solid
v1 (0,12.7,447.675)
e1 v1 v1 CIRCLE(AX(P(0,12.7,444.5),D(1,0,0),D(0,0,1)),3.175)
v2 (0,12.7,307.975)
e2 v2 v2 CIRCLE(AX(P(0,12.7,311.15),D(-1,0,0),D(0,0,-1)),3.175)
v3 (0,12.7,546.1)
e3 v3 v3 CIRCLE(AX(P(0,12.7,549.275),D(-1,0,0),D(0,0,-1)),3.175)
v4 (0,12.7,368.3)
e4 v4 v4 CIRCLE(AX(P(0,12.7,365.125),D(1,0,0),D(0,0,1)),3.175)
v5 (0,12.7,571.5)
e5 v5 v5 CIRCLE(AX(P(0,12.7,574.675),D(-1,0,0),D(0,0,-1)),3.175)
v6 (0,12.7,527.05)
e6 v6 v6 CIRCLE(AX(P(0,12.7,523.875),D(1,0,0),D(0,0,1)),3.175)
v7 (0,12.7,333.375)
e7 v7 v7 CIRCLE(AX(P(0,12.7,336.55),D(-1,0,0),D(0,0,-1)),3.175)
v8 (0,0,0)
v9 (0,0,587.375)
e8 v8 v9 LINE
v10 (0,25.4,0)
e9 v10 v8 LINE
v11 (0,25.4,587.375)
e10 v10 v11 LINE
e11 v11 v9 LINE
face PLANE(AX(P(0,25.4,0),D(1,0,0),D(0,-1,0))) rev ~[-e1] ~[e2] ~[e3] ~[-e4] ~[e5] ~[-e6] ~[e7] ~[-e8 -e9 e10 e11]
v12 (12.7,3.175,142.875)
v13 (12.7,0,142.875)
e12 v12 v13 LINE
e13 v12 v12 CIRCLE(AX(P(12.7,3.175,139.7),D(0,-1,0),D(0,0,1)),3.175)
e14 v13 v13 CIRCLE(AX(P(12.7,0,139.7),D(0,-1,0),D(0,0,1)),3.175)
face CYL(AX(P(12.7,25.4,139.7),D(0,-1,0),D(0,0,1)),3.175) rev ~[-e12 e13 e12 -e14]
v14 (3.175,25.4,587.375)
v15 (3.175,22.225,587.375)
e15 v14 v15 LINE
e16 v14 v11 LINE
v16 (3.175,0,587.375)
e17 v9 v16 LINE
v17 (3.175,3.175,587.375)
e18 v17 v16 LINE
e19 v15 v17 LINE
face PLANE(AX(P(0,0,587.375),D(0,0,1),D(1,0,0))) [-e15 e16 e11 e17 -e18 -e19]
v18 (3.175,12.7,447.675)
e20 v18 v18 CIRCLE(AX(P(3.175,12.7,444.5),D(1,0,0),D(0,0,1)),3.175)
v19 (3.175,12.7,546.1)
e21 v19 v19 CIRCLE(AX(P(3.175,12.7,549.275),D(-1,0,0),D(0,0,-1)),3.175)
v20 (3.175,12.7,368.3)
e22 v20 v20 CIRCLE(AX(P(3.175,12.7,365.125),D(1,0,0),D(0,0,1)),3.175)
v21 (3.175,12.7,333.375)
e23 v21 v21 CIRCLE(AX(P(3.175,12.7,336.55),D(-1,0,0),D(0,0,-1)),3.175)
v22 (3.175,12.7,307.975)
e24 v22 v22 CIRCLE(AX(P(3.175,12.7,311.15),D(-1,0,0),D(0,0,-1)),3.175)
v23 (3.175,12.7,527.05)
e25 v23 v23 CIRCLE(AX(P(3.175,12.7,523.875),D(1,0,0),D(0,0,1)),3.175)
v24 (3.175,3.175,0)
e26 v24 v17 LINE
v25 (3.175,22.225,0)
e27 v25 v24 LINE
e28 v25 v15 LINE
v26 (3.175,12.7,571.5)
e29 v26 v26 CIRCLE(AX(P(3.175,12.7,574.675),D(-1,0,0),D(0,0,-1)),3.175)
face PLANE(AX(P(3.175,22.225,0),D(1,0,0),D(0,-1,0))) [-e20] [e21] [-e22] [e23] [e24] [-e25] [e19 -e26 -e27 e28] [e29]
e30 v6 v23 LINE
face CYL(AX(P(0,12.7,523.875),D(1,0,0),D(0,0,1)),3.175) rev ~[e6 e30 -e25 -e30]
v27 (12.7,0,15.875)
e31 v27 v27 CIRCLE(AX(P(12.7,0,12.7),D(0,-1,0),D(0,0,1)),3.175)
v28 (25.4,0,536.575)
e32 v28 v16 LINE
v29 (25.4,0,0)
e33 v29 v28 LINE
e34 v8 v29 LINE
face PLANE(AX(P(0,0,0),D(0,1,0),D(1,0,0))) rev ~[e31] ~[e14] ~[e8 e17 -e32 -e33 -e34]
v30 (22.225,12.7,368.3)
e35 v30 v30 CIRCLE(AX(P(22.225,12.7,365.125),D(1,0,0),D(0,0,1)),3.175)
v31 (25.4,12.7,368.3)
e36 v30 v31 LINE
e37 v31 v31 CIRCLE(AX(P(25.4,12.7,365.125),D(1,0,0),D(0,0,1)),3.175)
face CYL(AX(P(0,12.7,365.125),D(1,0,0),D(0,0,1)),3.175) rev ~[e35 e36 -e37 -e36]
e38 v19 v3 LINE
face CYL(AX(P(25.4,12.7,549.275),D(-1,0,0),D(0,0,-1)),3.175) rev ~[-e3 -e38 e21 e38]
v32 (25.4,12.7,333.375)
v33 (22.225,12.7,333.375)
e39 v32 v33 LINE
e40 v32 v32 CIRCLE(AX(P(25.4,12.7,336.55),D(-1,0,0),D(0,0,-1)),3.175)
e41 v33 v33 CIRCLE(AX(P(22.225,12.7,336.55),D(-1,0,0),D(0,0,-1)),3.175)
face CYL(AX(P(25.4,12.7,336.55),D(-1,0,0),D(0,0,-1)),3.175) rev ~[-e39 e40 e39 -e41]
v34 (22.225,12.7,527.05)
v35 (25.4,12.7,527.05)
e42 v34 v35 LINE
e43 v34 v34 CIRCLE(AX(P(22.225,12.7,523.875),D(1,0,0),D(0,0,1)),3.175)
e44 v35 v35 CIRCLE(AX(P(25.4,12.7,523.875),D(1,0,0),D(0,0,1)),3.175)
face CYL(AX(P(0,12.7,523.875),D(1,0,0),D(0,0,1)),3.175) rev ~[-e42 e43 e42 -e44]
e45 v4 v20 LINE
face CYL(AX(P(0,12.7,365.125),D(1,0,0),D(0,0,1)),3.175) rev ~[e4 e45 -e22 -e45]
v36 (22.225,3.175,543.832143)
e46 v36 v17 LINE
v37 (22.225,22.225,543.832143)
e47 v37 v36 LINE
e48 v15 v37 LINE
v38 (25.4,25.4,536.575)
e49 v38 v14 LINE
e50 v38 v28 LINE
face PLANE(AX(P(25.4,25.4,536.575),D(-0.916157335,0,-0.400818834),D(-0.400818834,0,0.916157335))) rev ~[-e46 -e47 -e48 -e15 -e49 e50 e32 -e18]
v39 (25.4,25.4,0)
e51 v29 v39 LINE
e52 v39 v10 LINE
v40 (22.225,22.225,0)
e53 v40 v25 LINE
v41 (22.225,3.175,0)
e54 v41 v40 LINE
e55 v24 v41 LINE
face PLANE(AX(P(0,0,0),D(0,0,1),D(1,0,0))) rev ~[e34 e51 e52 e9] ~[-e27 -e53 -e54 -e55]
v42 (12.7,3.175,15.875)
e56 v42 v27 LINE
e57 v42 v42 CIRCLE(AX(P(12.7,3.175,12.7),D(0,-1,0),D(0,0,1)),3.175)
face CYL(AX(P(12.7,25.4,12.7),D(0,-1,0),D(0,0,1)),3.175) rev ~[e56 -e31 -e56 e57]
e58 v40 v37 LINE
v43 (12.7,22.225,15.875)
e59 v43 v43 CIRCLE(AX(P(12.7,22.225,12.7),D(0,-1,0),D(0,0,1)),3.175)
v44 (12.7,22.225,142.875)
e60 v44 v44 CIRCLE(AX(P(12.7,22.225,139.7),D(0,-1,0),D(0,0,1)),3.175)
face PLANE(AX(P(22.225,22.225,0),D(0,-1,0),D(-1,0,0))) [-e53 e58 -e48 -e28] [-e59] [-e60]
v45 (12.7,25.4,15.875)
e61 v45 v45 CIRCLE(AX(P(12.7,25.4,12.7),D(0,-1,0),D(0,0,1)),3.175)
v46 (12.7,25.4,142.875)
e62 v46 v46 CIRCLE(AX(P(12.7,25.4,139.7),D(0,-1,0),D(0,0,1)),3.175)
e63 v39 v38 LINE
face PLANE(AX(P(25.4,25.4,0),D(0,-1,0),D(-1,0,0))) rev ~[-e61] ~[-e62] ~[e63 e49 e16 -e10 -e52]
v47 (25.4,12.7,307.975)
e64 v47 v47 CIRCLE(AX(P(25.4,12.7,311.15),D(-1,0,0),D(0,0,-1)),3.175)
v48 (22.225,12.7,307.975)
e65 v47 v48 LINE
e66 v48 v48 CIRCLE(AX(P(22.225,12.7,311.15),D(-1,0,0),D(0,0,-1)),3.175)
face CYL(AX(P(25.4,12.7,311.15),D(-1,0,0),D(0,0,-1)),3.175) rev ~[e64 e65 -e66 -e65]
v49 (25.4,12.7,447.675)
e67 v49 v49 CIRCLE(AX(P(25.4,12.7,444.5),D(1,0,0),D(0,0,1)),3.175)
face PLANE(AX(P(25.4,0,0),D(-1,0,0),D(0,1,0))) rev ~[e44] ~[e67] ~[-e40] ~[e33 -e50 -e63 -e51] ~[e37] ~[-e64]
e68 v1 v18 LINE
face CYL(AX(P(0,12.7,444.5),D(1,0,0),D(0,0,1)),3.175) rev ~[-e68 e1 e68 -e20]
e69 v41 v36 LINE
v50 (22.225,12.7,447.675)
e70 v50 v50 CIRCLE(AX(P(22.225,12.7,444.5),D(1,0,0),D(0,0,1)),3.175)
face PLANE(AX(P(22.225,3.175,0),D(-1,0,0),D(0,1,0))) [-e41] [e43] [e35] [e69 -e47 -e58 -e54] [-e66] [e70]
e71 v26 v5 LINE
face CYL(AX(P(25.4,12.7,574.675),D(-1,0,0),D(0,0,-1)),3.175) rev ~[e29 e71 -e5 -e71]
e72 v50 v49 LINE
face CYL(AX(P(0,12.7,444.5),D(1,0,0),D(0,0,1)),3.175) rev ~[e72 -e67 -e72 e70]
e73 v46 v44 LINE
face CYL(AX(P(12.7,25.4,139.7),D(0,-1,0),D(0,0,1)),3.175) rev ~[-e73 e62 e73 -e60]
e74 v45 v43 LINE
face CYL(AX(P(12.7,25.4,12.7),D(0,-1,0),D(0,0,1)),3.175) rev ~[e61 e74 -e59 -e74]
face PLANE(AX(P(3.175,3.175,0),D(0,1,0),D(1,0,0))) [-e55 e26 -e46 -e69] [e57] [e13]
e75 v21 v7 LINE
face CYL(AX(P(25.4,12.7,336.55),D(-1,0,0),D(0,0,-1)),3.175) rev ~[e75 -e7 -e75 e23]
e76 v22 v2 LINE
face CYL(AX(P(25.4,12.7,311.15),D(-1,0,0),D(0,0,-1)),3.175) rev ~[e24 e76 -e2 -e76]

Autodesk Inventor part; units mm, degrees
ref_plane "YZ Plane" through (0, 0, 0) normal (1, 0, 0) x (0, 1, 0)
ref_plane "XZ Plane" through (0, 0, 0) normal (0, 1, 0) x (-1, 0, 0)
ref_plane "XY Plane" through (0, 0, 0) normal (0, 0, 1) x (1, 0, 0)
sketch "Sketch1" plane through (0, 0, 0) normal (0, 0, 1) x (1, 0, 0)
  line L0 (0, 0) -> (25.4, 0)
  line L1 (25.4, 0) -> (25.4, 25.4)
  line L2 (25.4, 25.4) -> (0, 25.4)
  line L3 (0, 25.4) -> (0, 0)
  line L4 (3.175, 3.175) -> (22.225, 3.175)
  line L5 (22.225, 3.175) -> (22.225, 22.225)
  line L6 (22.225, 22.225) -> (3.175, 22.225)
  line L7 (3.175, 22.225) -> (3.175, 3.175)
  dimension "d0" = 25.4
  dimension "d1" = 25.4
  dimension "d2" = 19.05
  dimension "d3" = 19.05
  dimension "d4" = 3.175
  dimension "d5" = 3.175
extrude "Extrusion1" add sketch "Sketch1" along normal blind 587.375
sketch "Sketch2" plane through (0, 25.4, 0) normal (0, 1, 0) x (1, 0, 0)
  line L0 (25.4, 0) -> (0, 0) projected
  line L1 (0, 0) -> (0, -587.375) projected
  point P0 (12.7, -12.7)
  point P1 (12.7, -139.7)
  dimension "d8" = 12.7
  dimension "d9" = 12.7
  dimension "d10" = 12.7
  dimension "d11" = 139.7
hole "Hole1" at (12.7, 25.4, 12.7) at (12.7, 25.4, 139.7) direction (0, -1, 0) diameter 6.35 end through all
sketch "Sketch3" plane through (25.4, 0, 0) normal (1, 0, 0) x (0, 0, -1)
  line L0 (-587.375, 0) -> (-587.375, 25.4) projected
  line L1 (0, 0) -> (-587.375, 0) projected
  point P0 (-574.675, 12.7)
  point P1 (-549.275, 12.7)
  point P2 (-336.55, 12.7)
  point P3 (-311.15, 12.7)
  dimension "d19" = 12.7
  dimension "d20" = 12.7
  dimension "d21" = 12.7
  dimension "d22" = 25.4
  dimension "d23" = 212.725
  dimension "d24" = 25.4
  dimension "d25" = 12.7
  dimension "d26" = 12.7
hole "Hole2" at (25.4, 12.7, 574.675) at (25.4, 12.7, 549.275) at (25.4, 12.7, 336.55) at (25.4, 12.7, 311.15) direction (-1, 0, 0) diameter 6.35 end through all
sketch "Sketch6" plane through (0, 25.4, 0) normal (0, 1, 0) x (1, 0, 0)
  circle A0 centre (12.7, -12.7) radius 3.175 projected
  circle A1 centre (12.7, -139.7) radius 3.175 projected
  line L0 (25.4, 0) -> (0, 0) projected
  line L1 (0, 0) -> (0, -587.375) projected
  line L2 (25.4, -587.375) -> (0, -587.375) projected
  line L3 (25.4, 0) -> (25.4, -587.375) projected
  line L4 (25.4, -587.375) -> (3.175, -587.375)
  line L5 (0, -587.375) -> (25.4, -587.375) projected
  line L6 (25.4, -587.375) -> (25.4, -536.575)
  line L7 (25.4, 0) -> (25.4, -587.375) projected
  line L8 (25.4, -536.575) -> (3.175, -587.375)
  dimension "d41" = 22.225
  dimension "d42" = 50.8
extrude "Extrusion4" cut sketch "Sketch6" against normal blind 25.4 contours L3 L2 L8
sketch "Sketch7" plane through (0, 0, 0) normal (-1, 0, 0) x (0, 0, 1)
  line L0 (587.375, 25.4) -> (587.375, 0) projected
  line L1 (0, 25.4) -> (587.375, 25.4) projected
  point P0 (365.125, 12.7)
  point P1 (444.5, 12.7)
  point P2 (523.875, 12.7)
  dimension "d45" = 12.7
  dimension "d46" = 63.5
  dimension "d47" = 12.7
  dimension "d48" = 12.7
  dimension "d49" = 142.875
  dimension "d50" = 222.25
hole "Hole3" at (0, 12.7, 365.125) at (0, 12.7, 444.5) at (0, 12.7, 523.875) direction (1, 0, 0) diameter 6.35 end through all
properties part number "pickup arm 1x1" material "Aluminum 6061"
